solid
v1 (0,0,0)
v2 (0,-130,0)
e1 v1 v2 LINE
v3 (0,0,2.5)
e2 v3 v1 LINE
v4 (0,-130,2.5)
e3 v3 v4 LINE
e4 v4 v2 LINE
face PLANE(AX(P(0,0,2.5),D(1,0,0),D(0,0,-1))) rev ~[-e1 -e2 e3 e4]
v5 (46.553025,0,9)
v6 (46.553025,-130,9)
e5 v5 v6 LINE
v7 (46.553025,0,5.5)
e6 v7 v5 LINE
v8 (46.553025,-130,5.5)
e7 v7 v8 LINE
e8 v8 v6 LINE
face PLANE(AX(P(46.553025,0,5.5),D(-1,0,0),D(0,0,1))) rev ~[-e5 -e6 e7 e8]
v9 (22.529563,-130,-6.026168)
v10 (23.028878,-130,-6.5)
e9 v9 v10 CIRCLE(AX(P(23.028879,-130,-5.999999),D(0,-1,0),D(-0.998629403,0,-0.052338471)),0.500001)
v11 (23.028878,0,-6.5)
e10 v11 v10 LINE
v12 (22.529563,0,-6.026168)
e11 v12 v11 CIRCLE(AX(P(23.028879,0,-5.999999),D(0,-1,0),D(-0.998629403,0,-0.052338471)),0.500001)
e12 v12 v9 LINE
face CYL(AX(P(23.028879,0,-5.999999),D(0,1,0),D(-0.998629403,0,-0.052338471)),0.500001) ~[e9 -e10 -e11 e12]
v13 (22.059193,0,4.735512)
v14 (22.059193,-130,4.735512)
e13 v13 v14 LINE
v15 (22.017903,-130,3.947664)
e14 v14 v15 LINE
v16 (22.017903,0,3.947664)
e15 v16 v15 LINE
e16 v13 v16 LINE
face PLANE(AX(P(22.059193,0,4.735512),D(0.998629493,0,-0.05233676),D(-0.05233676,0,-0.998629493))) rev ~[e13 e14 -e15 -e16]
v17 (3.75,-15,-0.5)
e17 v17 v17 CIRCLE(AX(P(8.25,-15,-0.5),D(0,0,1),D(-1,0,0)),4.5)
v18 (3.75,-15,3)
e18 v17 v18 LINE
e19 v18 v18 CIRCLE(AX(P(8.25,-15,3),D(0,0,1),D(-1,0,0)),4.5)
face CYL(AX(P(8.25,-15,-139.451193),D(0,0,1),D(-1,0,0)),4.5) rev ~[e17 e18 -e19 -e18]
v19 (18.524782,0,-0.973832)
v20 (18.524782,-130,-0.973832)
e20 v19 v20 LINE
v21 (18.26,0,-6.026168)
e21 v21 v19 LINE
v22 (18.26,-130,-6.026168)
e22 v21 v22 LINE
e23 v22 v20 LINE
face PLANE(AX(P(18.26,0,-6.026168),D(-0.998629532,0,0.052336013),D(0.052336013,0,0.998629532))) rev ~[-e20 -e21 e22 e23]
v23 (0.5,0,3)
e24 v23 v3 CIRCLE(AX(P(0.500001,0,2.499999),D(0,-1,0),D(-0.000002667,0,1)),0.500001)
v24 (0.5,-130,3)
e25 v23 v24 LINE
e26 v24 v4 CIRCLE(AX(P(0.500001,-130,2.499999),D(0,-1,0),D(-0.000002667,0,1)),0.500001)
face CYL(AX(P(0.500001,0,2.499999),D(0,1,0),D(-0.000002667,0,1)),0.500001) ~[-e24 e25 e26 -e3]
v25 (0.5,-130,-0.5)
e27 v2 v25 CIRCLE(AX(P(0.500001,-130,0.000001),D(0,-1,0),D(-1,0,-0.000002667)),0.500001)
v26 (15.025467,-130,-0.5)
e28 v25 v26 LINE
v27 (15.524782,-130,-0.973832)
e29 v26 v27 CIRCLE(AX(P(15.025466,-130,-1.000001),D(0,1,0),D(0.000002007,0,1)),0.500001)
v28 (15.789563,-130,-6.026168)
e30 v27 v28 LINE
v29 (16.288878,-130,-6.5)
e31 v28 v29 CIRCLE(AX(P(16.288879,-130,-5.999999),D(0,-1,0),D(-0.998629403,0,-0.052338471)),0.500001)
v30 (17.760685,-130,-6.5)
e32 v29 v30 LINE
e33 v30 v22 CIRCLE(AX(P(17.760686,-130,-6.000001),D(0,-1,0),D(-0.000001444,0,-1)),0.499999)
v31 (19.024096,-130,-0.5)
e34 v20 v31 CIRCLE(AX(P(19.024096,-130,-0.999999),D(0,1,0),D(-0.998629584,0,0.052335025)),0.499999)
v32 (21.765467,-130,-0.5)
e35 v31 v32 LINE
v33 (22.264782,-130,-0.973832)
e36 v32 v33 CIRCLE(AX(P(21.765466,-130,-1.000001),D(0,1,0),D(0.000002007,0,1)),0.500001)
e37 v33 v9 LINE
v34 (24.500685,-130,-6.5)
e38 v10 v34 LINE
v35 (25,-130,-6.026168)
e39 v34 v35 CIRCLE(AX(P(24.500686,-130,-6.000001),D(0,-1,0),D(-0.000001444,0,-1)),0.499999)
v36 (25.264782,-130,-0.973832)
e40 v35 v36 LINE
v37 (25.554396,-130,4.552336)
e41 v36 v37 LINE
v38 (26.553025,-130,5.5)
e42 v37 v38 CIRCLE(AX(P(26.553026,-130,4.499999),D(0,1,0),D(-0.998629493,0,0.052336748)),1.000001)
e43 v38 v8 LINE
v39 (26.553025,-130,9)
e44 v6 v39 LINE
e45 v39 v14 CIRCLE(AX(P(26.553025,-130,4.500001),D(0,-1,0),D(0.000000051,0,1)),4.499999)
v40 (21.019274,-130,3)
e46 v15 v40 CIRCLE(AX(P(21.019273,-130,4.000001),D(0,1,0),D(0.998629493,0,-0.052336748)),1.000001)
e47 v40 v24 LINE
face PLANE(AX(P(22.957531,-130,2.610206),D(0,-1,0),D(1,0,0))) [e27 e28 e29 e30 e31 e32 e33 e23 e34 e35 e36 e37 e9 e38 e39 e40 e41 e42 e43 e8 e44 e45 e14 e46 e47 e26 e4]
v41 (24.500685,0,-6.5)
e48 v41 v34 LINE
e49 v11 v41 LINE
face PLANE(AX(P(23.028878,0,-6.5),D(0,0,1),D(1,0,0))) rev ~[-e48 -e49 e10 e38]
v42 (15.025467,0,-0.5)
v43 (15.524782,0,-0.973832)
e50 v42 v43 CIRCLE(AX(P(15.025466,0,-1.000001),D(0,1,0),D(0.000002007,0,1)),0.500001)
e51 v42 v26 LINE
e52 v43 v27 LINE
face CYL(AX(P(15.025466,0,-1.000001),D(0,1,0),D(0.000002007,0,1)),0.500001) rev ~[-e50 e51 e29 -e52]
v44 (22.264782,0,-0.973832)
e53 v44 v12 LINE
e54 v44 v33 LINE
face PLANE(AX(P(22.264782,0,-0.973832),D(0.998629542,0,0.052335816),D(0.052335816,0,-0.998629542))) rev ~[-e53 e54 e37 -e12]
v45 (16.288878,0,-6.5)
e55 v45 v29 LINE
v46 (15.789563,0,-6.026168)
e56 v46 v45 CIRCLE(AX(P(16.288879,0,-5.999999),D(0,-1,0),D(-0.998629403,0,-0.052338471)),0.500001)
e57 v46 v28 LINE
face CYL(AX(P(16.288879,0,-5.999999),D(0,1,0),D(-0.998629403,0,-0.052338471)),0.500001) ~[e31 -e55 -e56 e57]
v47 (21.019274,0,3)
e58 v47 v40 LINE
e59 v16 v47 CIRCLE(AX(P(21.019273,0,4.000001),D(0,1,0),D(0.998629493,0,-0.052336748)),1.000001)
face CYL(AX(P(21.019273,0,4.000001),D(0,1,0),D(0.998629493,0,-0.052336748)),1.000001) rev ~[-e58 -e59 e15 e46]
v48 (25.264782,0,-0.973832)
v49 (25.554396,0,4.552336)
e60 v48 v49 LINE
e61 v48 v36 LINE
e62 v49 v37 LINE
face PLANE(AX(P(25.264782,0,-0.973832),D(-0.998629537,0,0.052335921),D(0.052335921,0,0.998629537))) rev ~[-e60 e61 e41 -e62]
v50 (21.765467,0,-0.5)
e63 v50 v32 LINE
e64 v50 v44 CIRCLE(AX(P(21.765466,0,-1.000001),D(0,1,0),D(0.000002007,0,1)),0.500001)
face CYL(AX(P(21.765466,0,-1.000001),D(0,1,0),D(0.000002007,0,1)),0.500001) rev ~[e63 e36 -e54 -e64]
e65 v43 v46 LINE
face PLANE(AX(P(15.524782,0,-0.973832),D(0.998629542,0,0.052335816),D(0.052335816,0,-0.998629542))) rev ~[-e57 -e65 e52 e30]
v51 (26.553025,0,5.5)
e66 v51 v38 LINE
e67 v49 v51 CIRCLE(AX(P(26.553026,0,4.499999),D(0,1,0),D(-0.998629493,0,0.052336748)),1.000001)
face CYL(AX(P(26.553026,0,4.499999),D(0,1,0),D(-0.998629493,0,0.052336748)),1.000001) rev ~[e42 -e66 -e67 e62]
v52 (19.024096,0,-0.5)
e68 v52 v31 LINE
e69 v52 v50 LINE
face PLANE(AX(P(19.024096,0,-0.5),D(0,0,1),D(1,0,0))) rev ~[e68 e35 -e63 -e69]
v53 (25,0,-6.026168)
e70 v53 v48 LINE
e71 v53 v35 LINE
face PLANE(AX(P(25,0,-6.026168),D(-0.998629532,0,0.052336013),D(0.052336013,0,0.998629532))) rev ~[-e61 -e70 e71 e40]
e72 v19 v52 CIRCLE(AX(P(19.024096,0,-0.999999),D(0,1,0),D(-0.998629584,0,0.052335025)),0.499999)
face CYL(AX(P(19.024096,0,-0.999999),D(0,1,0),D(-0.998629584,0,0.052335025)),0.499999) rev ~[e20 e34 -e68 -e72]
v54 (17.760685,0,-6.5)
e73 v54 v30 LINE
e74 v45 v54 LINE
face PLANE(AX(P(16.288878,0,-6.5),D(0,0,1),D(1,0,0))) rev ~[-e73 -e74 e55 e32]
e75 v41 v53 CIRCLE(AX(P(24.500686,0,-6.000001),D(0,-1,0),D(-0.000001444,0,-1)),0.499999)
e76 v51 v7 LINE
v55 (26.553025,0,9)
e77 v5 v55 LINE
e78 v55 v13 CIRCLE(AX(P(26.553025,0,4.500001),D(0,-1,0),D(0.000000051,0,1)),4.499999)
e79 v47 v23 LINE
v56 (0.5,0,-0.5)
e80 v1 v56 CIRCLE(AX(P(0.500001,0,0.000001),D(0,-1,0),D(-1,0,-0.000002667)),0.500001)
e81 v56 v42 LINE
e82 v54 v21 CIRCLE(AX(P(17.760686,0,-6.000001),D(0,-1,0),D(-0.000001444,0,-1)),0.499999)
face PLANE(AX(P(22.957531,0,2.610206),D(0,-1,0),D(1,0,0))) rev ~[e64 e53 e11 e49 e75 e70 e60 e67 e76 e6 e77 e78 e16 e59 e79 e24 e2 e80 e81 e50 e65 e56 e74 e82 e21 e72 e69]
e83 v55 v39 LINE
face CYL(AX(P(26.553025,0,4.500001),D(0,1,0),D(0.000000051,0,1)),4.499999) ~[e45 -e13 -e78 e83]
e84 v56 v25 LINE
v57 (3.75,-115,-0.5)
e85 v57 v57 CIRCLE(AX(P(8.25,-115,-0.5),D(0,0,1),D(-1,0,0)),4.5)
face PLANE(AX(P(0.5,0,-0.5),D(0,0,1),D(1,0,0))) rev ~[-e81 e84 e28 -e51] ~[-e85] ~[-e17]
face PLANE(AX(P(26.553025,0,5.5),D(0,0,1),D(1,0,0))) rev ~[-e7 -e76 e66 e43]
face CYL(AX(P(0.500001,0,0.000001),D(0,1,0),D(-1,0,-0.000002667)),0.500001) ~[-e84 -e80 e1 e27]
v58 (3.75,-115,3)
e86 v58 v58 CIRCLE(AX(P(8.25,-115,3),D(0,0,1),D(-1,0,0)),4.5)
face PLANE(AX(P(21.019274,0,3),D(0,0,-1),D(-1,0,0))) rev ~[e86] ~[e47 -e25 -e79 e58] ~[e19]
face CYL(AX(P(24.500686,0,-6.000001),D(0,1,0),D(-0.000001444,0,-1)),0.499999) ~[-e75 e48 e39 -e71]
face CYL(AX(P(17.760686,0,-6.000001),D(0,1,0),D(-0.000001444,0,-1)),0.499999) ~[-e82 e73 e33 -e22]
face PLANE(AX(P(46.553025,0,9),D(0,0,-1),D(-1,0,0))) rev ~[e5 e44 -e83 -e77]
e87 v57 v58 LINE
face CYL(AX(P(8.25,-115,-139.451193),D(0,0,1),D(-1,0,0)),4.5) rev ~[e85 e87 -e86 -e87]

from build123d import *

# Parameters (mm, degrees)
F1_DEPTH = 130
F3_D     = 9
F4_D     = 9


with BuildPart() as f1:
    # F0 (on Front) → F1 (new body)
    with BuildSketch(Plane.XZ):
        with BuildLine():
            Line((25, -6.026168), (25.264782, -0.973832))
            Line((25.264782, -0.973832), (25.554396, 4.552336))
            ThreePointArc((25.554396, 4.552336), (25.864671, 5.225374), (26.553025, 5.5))
            Line((26.553025, 5.5), (46.553025, 5.5))
            Line((46.553025, 5.5), (46.553025, 9))
            Line((46.553025, 9), (26.553025, 9))
            ThreePointArc((26.553025, 9), (23.45543, 7.764185), (22.059193, 4.735512))
            Line((22.059193, 4.735512), (22.017903, 3.947664))
            ThreePointArc((22.017903, 3.947664), (21.707628, 3.274626), (21.019274, 3))
            Line((21.019274, 3), (0.5, 3))
            ThreePointArc((0.5, 3), (0.146447, 2.853553), (0, 2.5))
            Line((0, 2.5), (0, 0))
            ThreePointArc((0, 0), (0.146447, -0.353553), (0.5, -0.5))
            Line((0.5, -0.5), (15.025467, -0.5))
            ThreePointArc((15.025467, -0.5), (15.369644, -0.637313), (15.524782, -0.973832))
            Line((15.524782, -0.973832), (15.789563, -6.026168))
            ThreePointArc((15.789563, -6.026168), (15.944701, -6.362687), (16.288878, -6.5))
            Line((16.288878, -6.5), (17.760685, -6.5))
            ThreePointArc((17.760685, -6.5), (18.104863, -6.362687), (18.26, -6.026168))
            Line((18.26, -6.026168), (18.524782, -0.973832))
            ThreePointArc((18.524782, -0.973832), (18.679919, -0.637313), (19.024096, -0.5))
            Line((19.024096, -0.5), (21.765467, -0.5))
            ThreePointArc((21.765467, -0.5), (22.109644, -0.637313), (22.264782, -0.973832))
            Line((22.264782, -0.973832), (22.529563, -6.026168))
            ThreePointArc((22.529563, -6.026168), (22.684701, -6.362687), (23.028878, -6.5))
            Line((23.028878, -6.5), (24.500685, -6.5))
            ThreePointArc((24.500685, -6.5), (24.844863, -6.362687), (25, -6.026168))
        make_face()
    extrude(amount=F1_DEPTH)

    # F3 (through all)
    with Locations(Plane(origin=(0, 0, -0.5), x_dir=(1, 0, 0), z_dir=(0, 0, -1))):
        with Locations((8.25, 115)):
            Hole(F3_D / 2)

    # F4 (through all)
    with Locations(Plane(origin=(0, 0, -0.5), x_dir=(1, 0, 0), z_dir=(0, 0, -1))):
        with Locations((8.25, 15)):
            Hole(F4_D / 2)


solid = f1.part
